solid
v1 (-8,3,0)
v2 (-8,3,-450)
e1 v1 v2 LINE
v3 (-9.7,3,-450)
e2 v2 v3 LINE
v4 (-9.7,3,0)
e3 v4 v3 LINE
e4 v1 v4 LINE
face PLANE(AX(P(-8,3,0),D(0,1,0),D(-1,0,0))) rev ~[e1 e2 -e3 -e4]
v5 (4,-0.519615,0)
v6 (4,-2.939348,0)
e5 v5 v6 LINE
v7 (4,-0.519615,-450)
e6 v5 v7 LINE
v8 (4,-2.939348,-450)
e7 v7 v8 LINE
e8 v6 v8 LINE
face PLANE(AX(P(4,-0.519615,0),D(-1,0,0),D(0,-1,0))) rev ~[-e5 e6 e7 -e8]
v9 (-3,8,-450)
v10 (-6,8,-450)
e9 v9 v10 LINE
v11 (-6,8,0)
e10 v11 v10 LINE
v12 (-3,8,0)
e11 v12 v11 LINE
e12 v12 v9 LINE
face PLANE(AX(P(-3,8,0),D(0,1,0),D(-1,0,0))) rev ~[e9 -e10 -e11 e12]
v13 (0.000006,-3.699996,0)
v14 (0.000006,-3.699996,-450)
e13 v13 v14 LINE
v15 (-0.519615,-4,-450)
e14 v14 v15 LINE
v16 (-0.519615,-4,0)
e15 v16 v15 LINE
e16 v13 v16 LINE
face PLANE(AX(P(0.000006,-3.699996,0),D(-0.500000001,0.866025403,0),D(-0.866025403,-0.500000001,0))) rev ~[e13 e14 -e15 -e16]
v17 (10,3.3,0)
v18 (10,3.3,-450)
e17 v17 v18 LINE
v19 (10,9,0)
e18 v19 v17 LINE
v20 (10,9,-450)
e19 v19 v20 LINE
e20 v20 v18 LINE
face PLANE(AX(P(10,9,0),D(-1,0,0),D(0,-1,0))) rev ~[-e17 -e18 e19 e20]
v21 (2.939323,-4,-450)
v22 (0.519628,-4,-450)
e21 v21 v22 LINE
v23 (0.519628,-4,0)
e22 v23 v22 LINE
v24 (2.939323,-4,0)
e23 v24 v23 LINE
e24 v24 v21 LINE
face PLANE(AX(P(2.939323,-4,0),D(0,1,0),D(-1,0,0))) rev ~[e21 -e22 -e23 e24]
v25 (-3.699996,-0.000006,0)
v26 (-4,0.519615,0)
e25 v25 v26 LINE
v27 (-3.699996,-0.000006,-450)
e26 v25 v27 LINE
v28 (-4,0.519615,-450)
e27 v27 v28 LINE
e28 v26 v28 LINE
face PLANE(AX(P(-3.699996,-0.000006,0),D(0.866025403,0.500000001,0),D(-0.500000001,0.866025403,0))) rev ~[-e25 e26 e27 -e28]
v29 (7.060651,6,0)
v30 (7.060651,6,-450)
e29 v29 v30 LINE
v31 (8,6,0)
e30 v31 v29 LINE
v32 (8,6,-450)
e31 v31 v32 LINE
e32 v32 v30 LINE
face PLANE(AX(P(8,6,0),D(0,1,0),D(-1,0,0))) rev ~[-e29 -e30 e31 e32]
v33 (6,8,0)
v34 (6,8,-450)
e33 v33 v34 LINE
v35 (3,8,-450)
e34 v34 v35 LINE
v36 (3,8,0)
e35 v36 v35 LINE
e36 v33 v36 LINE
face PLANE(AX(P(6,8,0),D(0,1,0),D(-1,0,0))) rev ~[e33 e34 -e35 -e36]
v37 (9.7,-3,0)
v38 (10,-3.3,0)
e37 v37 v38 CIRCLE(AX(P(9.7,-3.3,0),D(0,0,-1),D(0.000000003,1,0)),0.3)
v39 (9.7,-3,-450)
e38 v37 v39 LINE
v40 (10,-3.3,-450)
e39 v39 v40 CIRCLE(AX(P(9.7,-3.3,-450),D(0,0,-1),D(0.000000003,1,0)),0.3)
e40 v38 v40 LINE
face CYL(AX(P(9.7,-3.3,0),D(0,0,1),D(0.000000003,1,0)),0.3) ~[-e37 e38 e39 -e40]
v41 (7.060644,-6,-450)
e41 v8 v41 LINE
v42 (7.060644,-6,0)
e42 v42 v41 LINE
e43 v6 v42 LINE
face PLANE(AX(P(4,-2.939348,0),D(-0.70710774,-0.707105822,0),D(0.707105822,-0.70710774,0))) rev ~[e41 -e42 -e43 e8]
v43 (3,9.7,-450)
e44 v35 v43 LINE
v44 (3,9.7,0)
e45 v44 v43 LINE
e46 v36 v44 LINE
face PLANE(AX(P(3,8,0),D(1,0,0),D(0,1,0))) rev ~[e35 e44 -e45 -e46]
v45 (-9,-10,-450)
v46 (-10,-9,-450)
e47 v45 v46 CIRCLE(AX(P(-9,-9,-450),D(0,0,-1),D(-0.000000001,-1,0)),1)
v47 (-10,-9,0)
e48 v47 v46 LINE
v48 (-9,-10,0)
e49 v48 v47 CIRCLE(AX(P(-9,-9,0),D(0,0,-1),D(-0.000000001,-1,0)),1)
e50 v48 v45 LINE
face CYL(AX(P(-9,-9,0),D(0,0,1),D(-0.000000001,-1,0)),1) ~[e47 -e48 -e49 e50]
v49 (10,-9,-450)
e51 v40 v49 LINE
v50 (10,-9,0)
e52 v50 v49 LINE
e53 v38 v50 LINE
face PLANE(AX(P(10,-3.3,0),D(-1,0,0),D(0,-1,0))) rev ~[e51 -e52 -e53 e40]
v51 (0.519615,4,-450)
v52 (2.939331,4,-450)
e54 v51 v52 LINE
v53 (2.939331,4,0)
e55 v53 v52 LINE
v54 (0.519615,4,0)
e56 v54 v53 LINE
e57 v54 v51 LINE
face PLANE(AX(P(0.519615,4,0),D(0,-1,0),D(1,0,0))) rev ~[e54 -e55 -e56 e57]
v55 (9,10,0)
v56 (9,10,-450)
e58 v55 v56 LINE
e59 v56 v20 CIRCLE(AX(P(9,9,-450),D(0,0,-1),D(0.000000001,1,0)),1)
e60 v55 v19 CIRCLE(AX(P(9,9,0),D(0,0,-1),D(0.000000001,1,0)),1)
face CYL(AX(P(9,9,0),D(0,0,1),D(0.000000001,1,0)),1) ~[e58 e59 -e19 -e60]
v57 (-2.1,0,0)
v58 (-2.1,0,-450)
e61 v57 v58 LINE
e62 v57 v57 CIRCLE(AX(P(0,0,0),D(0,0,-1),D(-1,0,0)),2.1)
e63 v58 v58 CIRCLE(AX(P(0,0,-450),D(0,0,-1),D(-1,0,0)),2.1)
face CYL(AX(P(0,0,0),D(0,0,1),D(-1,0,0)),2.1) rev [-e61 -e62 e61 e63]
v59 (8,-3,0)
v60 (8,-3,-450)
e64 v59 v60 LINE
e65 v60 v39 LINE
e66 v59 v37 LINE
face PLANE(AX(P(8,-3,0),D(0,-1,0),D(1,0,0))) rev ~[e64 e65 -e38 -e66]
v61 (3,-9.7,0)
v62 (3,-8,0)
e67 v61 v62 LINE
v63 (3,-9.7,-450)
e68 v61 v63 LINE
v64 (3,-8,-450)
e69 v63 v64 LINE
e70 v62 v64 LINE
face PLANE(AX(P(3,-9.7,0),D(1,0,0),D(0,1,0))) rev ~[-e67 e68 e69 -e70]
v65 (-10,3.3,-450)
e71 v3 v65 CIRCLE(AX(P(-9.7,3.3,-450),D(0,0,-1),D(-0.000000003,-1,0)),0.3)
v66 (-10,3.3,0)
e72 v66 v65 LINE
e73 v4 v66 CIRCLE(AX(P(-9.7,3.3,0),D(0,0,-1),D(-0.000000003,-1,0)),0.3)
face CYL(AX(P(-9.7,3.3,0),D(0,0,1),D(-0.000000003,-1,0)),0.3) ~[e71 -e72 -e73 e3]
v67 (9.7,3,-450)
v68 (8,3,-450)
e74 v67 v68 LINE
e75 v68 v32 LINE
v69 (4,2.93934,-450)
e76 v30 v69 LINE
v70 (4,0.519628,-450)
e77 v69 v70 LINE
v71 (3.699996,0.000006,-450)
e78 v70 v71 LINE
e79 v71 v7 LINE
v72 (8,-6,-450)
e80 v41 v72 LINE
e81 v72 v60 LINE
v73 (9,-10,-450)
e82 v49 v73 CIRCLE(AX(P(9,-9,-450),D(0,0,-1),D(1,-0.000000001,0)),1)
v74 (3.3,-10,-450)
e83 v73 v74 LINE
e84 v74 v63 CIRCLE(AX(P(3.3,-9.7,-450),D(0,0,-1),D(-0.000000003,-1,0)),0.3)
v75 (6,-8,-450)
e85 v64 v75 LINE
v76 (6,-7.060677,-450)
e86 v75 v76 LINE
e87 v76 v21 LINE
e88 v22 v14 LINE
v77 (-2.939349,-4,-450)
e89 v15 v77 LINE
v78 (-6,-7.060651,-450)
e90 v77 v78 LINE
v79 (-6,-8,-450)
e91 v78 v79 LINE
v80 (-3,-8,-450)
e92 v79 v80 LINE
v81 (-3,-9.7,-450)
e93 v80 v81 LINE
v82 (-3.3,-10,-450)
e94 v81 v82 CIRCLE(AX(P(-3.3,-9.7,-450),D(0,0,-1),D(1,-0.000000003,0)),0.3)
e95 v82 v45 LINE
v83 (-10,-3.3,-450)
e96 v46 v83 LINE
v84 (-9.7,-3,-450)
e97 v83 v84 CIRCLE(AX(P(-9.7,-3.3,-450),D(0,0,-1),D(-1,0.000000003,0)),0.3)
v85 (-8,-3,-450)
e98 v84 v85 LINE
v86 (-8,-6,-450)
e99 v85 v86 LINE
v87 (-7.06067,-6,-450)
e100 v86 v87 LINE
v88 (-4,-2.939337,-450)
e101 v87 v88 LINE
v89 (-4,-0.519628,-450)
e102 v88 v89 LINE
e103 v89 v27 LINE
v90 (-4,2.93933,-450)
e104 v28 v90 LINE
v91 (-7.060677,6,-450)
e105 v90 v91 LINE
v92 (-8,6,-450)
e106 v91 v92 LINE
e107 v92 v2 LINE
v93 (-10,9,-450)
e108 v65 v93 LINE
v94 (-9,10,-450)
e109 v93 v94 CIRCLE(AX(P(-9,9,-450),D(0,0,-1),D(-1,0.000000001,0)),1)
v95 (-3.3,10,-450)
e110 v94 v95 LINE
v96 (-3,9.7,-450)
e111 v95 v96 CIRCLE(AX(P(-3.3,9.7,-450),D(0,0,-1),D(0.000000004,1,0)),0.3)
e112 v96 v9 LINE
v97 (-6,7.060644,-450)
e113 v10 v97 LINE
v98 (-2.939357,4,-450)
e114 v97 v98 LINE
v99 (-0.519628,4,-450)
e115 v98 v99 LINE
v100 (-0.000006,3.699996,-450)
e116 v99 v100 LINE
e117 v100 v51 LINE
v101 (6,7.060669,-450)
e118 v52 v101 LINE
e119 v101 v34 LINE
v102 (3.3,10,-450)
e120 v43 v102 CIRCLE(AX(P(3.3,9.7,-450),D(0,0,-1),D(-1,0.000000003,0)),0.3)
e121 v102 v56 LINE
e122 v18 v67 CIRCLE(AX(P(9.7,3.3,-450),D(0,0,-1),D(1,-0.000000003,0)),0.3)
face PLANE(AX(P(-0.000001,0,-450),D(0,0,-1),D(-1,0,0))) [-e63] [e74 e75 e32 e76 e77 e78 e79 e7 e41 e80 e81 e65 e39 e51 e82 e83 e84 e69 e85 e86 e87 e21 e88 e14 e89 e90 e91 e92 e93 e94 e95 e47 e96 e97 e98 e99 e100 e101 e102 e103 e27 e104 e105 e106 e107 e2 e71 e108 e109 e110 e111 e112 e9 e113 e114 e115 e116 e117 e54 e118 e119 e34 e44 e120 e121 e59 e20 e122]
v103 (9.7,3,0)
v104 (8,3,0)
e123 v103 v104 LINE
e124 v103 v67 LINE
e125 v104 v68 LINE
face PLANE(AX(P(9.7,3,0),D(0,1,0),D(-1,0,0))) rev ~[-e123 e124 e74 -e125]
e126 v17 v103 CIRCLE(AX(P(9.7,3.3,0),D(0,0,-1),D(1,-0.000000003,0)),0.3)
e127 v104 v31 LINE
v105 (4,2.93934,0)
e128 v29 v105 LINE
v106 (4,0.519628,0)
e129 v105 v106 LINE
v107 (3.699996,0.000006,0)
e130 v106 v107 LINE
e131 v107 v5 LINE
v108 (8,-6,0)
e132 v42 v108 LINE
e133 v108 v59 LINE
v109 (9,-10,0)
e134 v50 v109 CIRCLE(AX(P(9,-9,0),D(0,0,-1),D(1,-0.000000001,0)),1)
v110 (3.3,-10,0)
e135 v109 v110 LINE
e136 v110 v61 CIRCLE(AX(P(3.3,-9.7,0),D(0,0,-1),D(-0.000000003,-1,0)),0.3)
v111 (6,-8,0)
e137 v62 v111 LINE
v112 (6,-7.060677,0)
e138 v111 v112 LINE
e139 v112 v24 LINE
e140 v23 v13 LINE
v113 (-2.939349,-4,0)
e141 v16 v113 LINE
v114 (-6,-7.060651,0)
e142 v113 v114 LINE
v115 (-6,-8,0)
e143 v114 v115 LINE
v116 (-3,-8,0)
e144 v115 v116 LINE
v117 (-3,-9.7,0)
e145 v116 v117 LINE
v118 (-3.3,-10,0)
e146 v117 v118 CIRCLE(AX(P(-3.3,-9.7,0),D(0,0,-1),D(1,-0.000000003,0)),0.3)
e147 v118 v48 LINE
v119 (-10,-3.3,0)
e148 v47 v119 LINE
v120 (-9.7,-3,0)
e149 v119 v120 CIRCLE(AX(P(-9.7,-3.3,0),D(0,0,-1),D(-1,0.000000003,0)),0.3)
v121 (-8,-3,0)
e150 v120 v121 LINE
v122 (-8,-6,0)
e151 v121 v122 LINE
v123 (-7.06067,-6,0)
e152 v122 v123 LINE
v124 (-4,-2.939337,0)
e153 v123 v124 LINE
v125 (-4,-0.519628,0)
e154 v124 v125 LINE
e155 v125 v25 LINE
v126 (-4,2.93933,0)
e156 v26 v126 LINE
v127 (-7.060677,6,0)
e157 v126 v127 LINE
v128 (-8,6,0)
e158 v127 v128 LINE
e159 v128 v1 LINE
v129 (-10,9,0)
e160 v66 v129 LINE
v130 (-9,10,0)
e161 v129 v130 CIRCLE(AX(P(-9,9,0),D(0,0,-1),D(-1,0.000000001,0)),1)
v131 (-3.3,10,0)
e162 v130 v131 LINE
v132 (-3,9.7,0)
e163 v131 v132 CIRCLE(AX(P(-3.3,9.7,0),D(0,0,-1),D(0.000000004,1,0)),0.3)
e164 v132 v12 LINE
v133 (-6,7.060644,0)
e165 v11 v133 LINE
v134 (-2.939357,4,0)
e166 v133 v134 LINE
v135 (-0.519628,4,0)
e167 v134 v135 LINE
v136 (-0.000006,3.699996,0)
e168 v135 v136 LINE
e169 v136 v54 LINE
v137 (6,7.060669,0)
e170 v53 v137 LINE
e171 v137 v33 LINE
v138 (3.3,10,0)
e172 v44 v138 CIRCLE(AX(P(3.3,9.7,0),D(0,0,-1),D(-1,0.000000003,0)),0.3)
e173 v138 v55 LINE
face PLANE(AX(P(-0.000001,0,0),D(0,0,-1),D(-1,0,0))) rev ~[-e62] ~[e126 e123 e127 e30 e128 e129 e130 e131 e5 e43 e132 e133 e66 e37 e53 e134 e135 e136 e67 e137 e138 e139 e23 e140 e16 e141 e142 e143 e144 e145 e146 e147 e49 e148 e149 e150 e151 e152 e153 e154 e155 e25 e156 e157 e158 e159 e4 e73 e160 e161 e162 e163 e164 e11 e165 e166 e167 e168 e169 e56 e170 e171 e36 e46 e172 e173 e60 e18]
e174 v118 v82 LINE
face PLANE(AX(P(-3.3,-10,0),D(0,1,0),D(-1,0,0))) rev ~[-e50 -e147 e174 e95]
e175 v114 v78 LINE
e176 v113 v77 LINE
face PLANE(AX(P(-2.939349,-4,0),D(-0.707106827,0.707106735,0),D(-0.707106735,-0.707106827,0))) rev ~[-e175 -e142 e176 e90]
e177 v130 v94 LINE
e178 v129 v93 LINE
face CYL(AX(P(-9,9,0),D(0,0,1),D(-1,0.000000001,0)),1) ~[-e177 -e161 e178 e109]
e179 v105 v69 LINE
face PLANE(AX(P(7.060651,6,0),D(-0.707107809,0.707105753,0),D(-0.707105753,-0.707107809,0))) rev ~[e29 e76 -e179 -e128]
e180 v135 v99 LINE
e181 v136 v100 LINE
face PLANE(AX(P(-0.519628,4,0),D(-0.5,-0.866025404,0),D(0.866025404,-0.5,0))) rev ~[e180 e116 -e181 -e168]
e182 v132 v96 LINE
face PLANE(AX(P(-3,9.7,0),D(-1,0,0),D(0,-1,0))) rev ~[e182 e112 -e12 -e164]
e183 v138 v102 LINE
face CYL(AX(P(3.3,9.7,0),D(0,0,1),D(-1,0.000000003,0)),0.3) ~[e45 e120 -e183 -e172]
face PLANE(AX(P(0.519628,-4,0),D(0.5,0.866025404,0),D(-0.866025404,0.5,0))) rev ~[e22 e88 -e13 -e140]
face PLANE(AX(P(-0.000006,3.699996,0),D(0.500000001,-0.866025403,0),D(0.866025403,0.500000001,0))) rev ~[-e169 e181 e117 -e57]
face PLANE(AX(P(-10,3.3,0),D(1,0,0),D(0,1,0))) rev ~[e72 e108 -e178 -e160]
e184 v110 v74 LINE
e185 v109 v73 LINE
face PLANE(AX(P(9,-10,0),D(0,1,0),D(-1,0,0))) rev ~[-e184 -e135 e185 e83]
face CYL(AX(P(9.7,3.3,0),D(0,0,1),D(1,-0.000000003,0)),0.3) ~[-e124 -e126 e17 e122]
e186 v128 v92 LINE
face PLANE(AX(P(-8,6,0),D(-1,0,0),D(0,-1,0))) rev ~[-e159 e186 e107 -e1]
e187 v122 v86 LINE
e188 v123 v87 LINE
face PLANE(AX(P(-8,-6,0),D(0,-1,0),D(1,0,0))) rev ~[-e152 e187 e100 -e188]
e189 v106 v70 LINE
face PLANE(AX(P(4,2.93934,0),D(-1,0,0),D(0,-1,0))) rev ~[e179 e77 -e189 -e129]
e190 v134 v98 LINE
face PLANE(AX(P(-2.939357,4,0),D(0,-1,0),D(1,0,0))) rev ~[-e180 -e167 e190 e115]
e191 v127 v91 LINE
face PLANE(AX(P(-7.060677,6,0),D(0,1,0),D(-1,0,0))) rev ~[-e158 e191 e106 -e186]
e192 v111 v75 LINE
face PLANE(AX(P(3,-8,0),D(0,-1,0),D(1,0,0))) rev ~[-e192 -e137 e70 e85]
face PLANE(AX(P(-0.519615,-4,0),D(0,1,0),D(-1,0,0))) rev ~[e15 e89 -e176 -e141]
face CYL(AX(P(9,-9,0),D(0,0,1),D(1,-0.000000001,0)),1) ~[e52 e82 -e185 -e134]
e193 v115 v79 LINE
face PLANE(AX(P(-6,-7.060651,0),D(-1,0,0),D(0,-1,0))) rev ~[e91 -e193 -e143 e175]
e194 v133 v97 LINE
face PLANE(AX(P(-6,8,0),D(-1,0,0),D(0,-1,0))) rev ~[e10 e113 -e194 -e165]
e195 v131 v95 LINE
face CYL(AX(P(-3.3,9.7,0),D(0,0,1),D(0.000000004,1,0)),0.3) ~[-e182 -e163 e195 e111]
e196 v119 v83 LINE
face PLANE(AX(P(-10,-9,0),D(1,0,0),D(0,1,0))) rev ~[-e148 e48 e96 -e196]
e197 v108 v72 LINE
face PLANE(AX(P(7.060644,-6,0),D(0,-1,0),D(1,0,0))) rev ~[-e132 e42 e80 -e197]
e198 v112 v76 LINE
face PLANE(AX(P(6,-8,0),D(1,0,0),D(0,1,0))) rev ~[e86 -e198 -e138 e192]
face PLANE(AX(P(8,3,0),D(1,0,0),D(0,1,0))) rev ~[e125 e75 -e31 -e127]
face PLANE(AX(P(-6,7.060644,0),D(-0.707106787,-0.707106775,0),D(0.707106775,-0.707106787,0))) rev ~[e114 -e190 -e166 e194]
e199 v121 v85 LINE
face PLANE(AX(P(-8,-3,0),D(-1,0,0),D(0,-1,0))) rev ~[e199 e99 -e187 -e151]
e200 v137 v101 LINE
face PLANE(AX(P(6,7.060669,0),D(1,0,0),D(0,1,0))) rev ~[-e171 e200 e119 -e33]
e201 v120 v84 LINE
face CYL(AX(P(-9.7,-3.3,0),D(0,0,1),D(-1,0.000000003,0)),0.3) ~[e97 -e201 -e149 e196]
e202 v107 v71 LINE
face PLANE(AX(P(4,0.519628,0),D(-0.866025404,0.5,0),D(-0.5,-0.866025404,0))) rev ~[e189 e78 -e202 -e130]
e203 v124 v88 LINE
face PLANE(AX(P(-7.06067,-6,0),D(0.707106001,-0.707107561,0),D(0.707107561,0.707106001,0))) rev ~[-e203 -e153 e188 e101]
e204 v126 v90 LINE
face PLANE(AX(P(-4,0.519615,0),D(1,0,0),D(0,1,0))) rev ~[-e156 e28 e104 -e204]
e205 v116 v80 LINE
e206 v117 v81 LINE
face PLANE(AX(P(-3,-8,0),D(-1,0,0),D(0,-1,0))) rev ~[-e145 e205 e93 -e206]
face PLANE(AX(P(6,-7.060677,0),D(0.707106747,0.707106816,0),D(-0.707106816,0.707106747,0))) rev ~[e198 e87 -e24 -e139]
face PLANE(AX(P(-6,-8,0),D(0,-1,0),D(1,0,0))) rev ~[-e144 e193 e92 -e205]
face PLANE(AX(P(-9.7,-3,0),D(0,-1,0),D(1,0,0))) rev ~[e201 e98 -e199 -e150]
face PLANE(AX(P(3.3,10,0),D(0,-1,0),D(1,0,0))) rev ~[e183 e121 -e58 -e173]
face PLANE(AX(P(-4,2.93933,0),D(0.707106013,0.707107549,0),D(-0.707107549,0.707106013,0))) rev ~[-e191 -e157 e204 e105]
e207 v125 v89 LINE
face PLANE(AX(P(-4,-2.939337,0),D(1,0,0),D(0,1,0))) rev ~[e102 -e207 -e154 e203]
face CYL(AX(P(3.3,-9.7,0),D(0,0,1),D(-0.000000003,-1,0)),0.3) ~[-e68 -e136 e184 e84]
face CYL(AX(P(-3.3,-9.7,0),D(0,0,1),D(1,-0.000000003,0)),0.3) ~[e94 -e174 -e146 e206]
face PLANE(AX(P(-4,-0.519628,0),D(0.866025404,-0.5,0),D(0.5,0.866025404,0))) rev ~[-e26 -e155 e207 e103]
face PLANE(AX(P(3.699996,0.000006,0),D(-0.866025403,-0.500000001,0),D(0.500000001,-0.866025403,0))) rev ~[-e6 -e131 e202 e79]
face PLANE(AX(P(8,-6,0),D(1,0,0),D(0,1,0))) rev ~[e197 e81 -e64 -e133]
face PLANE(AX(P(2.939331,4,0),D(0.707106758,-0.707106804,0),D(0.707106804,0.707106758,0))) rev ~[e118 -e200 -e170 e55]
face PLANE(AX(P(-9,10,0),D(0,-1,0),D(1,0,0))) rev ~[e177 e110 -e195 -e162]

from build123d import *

# Parameters (mm, degrees)
SKETCH1_R           = 2.1
BOSS_EXTRUDE1_DEPTH = 450


with BuildPart() as part:
    # Sketch1 → Boss-Extrude1 (new body)
    with BuildSketch(Plane(origin=(0, 0, 0), x_dir=(-1, 0, 0), z_dir=(0, 0, -1))):
        with BuildLine():
            Line((10, 3.299999891), (10, 9))
            ThreePointArc((10, 9), (9.707106781, 9.707106781), (9, 10))
            Line((9, 10), (3.3, 10))
            ThreePointArc((3.3, 10), (3.087867966, 9.912132034), (3, 9.7))
            Line((3, 9.7), (3, 8))
            Line((3, 8), (6, 8))
            Line((6, 8), (6, 7.0606435))
            Line((6, 7.0606435), (2.93935655, 4))
            Line((2.93935655, 4), (0.519628117, 4))
            Line((0.519628117, 4), (6.437e-06, 3.699996283))
            Line((6.437e-06, 3.699996283), (-0.519615242, 4))
            Line((-0.519615242, 4), (-2.9393308, 4))
            Line((-2.9393308, 4), (-6, 7.060669))
            Line((-6, 7.060669), (-6, 8))
            Line((-6, 8), (-3, 8))
            Line((-3, 8), (-3, 9.700000109))
            ThreePointArc((-3, 9.700000109), (-3.087867934, 9.912132066), (-3.299999891, 10))
            Line((-3.299999891, 10), (-9, 10))
            ThreePointArc((-9, 10), (-9.707106781, 9.707106781), (-10, 9))
            Line((-10, 9), (-10, 3.299999891))
            ThreePointArc((-10, 3.299999891), (-9.912132066, 3.087867934), (-9.700000109, 3))
            Line((-9.700000109, 3), (-8, 3))
            Line((-8, 3), (-8, 6))
            Line((-8, 6), (-7.060651, 6))
            Line((-7.060651, 6), (-4, 2.9393401))
            Line((-4, 2.9393401), (-4, 0.519628117))
            Line((-4, 0.519628117), (-3.699996283, 6.437e-06))
            Line((-3.699996283, 6.437e-06), (-4, -0.519615242))
            Line((-4, -0.519615242), (-4, -2.9393482))
            Line((-4, -2.9393482), (-7.0606435, -6))
            Line((-7.0606435, -6), (-8, -6))
            Line((-8, -6), (-8, -3))
            Line((-8, -3), (-9.700000109, -3))
            ThreePointArc((-9.700000109, -3), (-9.912132066, -3.087867934), (-10, -3.299999891))
            Line((-10, -3.299999891), (-10, -9))
            ThreePointArc((-10, -9), (-9.707106781, -9.707106781), (-9, -10))
            Line((-9, -10), (-3.299999891, -10))
            ThreePointArc((-3.299999891, -10), (-3.087867934, -9.912132066), (-3, -9.700000109))
            Line((-3, -9.700000109), (-3, -8))
            Line((-3, -8), (-6, -8))
            Line((-6, -8), (-6, -7.060677))
            Line((-6, -7.060677), (-2.9393227, -4))
            Line((-2.9393227, -4), (-0.519628117, -4))
            Line((-0.519628117, -4), (-6.437e-06, -3.699996283))
            Line((-6.437e-06, -3.699996283), (0.519615242, -4))
            Line((0.519615242, -4), (2.9393489, -4))
            Line((2.9393489, -4), (6, -7.0606515))
            Line((6, -7.0606515), (6, -8))
            Line((6, -8), (3, -8))
            Line((3, -8), (3, -9.700000109))
            ThreePointArc((3, -9.700000109), (3.087867934, -9.912132066), (3.299999891, -10))
            Line((3.299999891, -10), (9, -10))
            ThreePointArc((9, -10), (9.707106781, -9.707106781), (10, -9))
            Line((10, -9), (10, -3.299999891))
            ThreePointArc((10, -3.299999891), (9.912132066, -3.087867934), (9.700000109, -3))
            Line((9.700000109, -3), (8, -3))
            Line((8, -3), (8, -6))
            Line((8, -6), (7.0606695, -6))
            Line((7.0606695, -6), (4, -2.93933725))
            Line((4, -2.93933725), (4, -0.519628117))
            Line((4, -0.519628117), (3.699996283, -6.437e-06))
            Line((3.699996283, -6.437e-06), (4, 0.519615242))
            Line((4, 0.519615242), (4, 2.93932965))
            Line((4, 2.93932965), (7.060677, 6))
            Line((7.060677, 6), (8, 6))
            Line((8, 6), (8, 3))
            Line((8, 3), (9.700000109, 3))
            ThreePointArc((9.700000109, 3), (9.912132066, 3.087867934), (10, 3.299999891))
        make_face()
        Circle(SKETCH1_R, mode=Mode.SUBTRACT)
    extrude(amount=BOSS_EXTRUDE1_DEPTH)


solid = part.part
